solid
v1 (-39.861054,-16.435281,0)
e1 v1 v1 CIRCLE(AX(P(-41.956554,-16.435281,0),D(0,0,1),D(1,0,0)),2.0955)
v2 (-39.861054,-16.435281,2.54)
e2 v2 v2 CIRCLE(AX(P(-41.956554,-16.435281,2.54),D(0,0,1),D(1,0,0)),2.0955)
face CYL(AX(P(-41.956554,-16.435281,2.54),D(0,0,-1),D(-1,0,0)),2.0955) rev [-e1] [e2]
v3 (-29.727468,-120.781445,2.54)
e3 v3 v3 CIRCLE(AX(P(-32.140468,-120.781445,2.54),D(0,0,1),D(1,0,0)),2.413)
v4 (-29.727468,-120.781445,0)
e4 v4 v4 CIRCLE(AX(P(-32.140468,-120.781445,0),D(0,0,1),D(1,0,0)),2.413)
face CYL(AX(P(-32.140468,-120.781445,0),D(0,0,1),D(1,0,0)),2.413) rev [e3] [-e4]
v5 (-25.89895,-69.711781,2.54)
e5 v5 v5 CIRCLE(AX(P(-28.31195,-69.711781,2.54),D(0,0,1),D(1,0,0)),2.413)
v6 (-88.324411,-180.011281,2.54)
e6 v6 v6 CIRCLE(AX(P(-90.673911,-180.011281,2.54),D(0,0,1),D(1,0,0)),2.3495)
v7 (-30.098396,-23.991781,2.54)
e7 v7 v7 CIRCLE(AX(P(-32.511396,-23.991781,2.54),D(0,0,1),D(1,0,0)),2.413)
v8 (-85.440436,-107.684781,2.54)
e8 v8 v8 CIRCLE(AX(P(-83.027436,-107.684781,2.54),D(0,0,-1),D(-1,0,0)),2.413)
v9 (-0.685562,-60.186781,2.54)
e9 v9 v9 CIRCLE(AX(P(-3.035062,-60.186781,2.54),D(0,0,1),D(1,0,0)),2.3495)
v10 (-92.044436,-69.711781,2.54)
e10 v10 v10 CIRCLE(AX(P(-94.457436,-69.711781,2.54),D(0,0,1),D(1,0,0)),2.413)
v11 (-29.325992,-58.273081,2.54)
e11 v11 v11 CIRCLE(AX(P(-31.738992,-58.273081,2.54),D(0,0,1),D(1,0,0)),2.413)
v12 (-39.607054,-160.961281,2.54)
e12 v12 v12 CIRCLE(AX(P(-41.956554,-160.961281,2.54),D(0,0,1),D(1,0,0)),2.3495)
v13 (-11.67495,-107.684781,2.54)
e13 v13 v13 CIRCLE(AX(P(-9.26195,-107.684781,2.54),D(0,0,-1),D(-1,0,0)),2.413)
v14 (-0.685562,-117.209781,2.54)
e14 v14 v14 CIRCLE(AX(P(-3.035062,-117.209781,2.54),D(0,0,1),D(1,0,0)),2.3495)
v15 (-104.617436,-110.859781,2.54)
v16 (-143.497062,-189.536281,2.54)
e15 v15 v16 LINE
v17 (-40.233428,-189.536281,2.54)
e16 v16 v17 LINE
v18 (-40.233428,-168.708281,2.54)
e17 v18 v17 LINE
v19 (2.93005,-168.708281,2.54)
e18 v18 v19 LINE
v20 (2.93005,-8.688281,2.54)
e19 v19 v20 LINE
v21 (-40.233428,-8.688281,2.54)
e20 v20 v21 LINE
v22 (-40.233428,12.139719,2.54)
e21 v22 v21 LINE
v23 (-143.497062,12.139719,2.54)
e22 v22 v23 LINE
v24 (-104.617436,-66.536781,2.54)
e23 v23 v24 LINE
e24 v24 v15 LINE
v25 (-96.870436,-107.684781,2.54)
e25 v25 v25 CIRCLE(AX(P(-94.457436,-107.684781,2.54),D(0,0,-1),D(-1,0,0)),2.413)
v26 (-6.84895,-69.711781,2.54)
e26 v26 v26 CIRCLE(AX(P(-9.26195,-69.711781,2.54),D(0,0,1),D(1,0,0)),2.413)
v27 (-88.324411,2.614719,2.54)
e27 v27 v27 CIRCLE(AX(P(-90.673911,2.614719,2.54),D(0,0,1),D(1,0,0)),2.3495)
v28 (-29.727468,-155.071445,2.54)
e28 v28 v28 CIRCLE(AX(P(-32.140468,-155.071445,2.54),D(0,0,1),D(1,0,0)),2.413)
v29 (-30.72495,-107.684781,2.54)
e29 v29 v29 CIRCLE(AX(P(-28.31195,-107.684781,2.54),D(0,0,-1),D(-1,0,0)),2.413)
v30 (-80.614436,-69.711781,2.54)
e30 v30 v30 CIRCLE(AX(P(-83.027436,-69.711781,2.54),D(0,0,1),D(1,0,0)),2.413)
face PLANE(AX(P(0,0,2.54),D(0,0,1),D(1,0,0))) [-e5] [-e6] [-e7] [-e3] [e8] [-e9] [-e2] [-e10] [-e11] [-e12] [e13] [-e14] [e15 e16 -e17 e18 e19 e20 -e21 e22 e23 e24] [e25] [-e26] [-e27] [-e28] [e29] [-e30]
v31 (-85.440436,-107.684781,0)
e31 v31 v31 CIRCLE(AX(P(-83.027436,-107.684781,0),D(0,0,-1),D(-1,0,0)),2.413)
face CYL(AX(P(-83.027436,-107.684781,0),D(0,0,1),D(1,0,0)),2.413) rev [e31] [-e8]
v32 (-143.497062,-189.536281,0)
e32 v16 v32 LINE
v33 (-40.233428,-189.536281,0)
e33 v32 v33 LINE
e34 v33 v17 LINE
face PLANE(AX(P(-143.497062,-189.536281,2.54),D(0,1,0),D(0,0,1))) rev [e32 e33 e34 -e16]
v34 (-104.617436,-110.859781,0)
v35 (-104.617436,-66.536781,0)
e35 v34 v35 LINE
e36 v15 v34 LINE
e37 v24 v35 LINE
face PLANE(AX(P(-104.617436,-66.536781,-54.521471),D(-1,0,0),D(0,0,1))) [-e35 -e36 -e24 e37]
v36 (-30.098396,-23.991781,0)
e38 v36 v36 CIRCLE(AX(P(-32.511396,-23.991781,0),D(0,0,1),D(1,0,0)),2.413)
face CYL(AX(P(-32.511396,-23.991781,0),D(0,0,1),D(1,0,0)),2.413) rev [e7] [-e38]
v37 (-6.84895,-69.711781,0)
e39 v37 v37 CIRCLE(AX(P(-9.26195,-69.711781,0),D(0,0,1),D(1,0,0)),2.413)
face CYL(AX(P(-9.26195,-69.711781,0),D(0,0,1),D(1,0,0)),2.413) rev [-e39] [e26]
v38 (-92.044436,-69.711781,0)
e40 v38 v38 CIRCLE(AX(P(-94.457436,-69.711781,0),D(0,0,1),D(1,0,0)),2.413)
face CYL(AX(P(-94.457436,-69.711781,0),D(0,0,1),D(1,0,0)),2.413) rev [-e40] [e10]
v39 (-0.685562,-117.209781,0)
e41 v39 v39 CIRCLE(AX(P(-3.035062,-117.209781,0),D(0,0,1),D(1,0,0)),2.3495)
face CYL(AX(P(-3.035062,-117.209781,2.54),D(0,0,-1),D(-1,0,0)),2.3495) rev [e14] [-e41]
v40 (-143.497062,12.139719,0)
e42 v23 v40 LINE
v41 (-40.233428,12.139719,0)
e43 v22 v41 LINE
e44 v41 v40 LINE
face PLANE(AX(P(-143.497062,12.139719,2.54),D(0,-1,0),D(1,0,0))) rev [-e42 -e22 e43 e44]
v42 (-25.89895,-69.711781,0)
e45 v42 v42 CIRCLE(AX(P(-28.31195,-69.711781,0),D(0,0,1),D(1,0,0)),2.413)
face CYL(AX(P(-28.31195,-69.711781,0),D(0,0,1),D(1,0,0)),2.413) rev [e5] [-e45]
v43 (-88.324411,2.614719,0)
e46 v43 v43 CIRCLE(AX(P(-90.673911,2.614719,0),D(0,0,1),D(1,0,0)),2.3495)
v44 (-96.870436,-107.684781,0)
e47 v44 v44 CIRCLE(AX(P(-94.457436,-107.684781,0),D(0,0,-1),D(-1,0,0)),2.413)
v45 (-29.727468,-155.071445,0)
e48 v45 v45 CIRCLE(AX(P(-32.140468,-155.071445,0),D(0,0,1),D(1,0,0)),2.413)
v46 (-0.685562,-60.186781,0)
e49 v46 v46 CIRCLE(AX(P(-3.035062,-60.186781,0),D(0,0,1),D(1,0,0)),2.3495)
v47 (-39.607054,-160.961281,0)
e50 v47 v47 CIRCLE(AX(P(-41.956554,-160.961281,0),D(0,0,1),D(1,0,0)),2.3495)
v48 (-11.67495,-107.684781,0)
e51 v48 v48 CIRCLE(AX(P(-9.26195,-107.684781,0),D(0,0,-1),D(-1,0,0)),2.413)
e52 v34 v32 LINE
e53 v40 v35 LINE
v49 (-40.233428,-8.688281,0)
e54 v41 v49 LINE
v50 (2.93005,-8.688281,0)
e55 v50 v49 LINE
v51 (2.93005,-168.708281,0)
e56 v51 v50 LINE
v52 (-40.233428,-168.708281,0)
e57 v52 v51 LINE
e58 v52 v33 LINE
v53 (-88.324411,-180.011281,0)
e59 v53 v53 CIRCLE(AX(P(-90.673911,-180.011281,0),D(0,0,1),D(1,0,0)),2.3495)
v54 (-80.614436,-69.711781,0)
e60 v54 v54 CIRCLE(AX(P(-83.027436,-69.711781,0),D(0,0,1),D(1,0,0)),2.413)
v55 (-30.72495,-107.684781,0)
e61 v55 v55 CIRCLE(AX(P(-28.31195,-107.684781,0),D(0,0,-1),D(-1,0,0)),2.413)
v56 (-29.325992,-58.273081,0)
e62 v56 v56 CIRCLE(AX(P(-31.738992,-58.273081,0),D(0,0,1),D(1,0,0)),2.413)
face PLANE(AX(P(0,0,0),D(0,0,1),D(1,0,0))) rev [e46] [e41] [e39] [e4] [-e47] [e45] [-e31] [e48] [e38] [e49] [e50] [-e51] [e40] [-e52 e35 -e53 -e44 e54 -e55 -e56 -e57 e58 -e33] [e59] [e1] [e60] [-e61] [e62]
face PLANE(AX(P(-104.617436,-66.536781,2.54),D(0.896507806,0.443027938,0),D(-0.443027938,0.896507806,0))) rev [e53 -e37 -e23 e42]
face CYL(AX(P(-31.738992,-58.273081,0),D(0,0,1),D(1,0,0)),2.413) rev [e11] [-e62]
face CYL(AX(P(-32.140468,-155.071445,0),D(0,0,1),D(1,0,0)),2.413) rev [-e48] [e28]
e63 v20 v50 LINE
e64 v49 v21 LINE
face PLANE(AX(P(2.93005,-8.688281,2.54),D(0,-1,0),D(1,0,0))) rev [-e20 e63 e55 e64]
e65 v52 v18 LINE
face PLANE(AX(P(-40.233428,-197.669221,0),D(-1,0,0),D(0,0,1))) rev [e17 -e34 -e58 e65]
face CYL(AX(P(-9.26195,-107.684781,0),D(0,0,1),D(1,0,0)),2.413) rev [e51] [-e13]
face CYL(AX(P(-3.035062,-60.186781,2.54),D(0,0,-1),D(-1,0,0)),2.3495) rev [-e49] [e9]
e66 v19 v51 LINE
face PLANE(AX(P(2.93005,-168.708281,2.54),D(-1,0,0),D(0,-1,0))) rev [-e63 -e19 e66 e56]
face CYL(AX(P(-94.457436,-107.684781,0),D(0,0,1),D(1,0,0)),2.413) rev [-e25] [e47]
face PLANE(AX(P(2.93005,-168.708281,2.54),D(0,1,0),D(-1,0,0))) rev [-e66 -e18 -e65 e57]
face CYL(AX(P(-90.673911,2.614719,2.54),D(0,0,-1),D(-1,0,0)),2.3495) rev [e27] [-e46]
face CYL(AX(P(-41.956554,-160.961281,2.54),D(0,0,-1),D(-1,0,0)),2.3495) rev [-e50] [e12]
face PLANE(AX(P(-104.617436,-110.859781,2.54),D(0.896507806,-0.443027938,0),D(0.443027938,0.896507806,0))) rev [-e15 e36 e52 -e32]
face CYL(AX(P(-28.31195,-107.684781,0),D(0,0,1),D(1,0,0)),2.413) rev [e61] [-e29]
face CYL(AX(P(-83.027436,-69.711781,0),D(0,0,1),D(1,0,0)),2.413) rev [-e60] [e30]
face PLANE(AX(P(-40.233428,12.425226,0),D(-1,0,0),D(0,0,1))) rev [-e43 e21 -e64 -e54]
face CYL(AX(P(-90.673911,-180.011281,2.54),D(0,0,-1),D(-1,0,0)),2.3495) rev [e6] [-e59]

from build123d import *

# Parameters (mm, degrees)
SKETCH2_R           = 2.3495
SKETCH2_R_2         = 2.0955
BOSS_EXTRUDE1_DEPTH = 2.54
SKETCH3_W           = 31.75
SKETCH3_H           = 44.323
BOSS_EXTRUDE2_DEPTH = 2.54
SKETCH4_R           = 2.413
CUT_EXTRUDE1_DEPTH  = 238.743265275
SKETCH5_R           = 2.413
CUT_EXTRUDE2_DEPTH  = 238.743265275
SKETCH6_R           = 2.413
CUT_EXTRUDE3_DEPTH  = 238.743265275
SKETCH7_R           = 2.413
CUT_EXTRUDE4_DEPTH  = 238.743265275
SKETCH8_W           = 7.994763
SKETCH8_H           = 21.113506736
SKETCH8_W_2         = 21.493659396
SKETCH8_H_2         = 28.960940125
CUT_EXTRUDE5_DEPTH  = 238.743265275


with BuildPart() as part:
    # Sketch2 → Boss-Extrude1 (new body)
    with BuildSketch(Plane(origin=(0, 0, 0), x_dir=(-1, 0, 0), z_dir=(0, 0, 1))):
        Polygon((-2.930050059, 168.708281075), (38.709428475, 168.708281075), (38.709428475, 189.536281075), (143.497061781, 189.536281075), (104.617436481, 110.859781075), (72.867436481, 110.859781075), (72.867436481, 66.536781075), (104.617436481, 66.536781075), (143.497061781, -12.139718925), (38.709428475, -12.139718925), (38.709428475, 8.688281075), (-2.930050059, 8.688281075), align=None)
        with Locations(Location((41.95655448, 160.961281075, 0), (0, 0, 180))):
            Circle(SKETCH2_R, mode=Mode.SUBTRACT)
        with Locations(Location((90.673911143, 180.011281075, 0), (0, 0, 180))):
            Circle(SKETCH2_R, mode=Mode.SUBTRACT)
        with Locations(Location((90.673911143, -2.614718925, 0), (0, 0, 180))):
            Circle(SKETCH2_R, mode=Mode.SUBTRACT)
        with Locations(Location((3.035061781, 117.209781075, 0), (0, 0, 180))):
            Circle(SKETCH2_R, mode=Mode.SUBTRACT)
        with Locations(Location((3.035061781, 60.186781075, 0), (0, 0, 180))):
            Circle(SKETCH2_R, mode=Mode.SUBTRACT)
        with Locations(Location((41.95655448, 16.435281075, 0), (0, 0, 180))):
            Circle(SKETCH2_R_2, mode=Mode.SUBTRACT)
    extrude(amount=BOSS_EXTRUDE1_DEPTH)

    # Sketch3 → Boss-Extrude2 (add)
    with BuildSketch(Plane.XY.offset(2.54)):
        with Locations((-88.742436481, -88.698281075)):
            Rectangle(SKETCH3_W, SKETCH3_H)
    extrude(amount=-BOSS_EXTRUDE2_DEPTH)

    # Sketch4 → Cut-Extrude1 (cut, through all)
    with BuildSketch(Plane.XY.offset(2.54)):
        with Locations((-94.457436481, -69.711781075)):
            Circle(SKETCH4_R)
        with Locations((-83.027436481, -69.711781075)):
            Circle(SKETCH4_R)
        with Locations((-28.311949941, -69.711781075)):
            Circle(SKETCH4_R)
        with Locations((-9.261949941, -69.711781075)):
            Circle(SKETCH4_R)
        with Locations(Location((-9.261949941, -107.684781075, 0), (0, 0, 180))):
            Circle(SKETCH4_R)
        with Locations(Location((-28.311949941, -107.684781075, 0), (0, 0, 180))):
            Circle(SKETCH4_R)
        with Locations(Location((-83.027436481, -107.684781075, 0), (0, 0, 180))):
            Circle(SKETCH4_R)
        with Locations(Location((-94.457436481, -107.684781075, 0), (0, 0, 180))):
            Circle(SKETCH4_R)
    extrude(amount=-CUT_EXTRUDE1_DEPTH, mode=Mode.SUBTRACT)

    # Sketch5 → Cut-Extrude2 (cut, through all)
    with BuildSketch(Plane.XY.offset(2.54)):
        with Locations((-31.738991634, -58.273080522)):
            Circle(SKETCH5_R)
    extrude(amount=-CUT_EXTRUDE2_DEPTH, mode=Mode.SUBTRACT)

    # Sketch6 → Cut-Extrude3 (cut, through all)
    with BuildSketch(Plane.XY.offset(2.54)):
        with Locations((-32.511395831, -23.991781075)):
            Circle(SKETCH6_R)
    extrude(amount=-CUT_EXTRUDE3_DEPTH, mode=Mode.SUBTRACT)

    # Sketch7 → Cut-Extrude4 (cut, through all)
    with BuildSketch(Plane.XY.offset(2.54)):
        with Locations((-32.140467993, -155.071444629)):
            Circle(SKETCH7_R)
        with Locations((-32.140467993, -120.781444629)):
            Circle(SKETCH7_R)
    extrude(amount=-CUT_EXTRUDE4_DEPTH, mode=Mode.SUBTRACT)

    # Sketch8 → Cut-Extrude5 (cut, through all)
    with BuildSketch(Plane.XY.offset(2.54)):
        with Locations((-36.236046975, 1.868472293)):
            Rectangle(SKETCH8_W, SKETCH8_H)
        with Locations((-29.486598777, -183.188751137)):
            Rectangle(SKETCH8_W_2, SKETCH8_H_2)
    extrude(amount=-CUT_EXTRUDE5_DEPTH, mode=Mode.SUBTRACT)


solid = part.part
